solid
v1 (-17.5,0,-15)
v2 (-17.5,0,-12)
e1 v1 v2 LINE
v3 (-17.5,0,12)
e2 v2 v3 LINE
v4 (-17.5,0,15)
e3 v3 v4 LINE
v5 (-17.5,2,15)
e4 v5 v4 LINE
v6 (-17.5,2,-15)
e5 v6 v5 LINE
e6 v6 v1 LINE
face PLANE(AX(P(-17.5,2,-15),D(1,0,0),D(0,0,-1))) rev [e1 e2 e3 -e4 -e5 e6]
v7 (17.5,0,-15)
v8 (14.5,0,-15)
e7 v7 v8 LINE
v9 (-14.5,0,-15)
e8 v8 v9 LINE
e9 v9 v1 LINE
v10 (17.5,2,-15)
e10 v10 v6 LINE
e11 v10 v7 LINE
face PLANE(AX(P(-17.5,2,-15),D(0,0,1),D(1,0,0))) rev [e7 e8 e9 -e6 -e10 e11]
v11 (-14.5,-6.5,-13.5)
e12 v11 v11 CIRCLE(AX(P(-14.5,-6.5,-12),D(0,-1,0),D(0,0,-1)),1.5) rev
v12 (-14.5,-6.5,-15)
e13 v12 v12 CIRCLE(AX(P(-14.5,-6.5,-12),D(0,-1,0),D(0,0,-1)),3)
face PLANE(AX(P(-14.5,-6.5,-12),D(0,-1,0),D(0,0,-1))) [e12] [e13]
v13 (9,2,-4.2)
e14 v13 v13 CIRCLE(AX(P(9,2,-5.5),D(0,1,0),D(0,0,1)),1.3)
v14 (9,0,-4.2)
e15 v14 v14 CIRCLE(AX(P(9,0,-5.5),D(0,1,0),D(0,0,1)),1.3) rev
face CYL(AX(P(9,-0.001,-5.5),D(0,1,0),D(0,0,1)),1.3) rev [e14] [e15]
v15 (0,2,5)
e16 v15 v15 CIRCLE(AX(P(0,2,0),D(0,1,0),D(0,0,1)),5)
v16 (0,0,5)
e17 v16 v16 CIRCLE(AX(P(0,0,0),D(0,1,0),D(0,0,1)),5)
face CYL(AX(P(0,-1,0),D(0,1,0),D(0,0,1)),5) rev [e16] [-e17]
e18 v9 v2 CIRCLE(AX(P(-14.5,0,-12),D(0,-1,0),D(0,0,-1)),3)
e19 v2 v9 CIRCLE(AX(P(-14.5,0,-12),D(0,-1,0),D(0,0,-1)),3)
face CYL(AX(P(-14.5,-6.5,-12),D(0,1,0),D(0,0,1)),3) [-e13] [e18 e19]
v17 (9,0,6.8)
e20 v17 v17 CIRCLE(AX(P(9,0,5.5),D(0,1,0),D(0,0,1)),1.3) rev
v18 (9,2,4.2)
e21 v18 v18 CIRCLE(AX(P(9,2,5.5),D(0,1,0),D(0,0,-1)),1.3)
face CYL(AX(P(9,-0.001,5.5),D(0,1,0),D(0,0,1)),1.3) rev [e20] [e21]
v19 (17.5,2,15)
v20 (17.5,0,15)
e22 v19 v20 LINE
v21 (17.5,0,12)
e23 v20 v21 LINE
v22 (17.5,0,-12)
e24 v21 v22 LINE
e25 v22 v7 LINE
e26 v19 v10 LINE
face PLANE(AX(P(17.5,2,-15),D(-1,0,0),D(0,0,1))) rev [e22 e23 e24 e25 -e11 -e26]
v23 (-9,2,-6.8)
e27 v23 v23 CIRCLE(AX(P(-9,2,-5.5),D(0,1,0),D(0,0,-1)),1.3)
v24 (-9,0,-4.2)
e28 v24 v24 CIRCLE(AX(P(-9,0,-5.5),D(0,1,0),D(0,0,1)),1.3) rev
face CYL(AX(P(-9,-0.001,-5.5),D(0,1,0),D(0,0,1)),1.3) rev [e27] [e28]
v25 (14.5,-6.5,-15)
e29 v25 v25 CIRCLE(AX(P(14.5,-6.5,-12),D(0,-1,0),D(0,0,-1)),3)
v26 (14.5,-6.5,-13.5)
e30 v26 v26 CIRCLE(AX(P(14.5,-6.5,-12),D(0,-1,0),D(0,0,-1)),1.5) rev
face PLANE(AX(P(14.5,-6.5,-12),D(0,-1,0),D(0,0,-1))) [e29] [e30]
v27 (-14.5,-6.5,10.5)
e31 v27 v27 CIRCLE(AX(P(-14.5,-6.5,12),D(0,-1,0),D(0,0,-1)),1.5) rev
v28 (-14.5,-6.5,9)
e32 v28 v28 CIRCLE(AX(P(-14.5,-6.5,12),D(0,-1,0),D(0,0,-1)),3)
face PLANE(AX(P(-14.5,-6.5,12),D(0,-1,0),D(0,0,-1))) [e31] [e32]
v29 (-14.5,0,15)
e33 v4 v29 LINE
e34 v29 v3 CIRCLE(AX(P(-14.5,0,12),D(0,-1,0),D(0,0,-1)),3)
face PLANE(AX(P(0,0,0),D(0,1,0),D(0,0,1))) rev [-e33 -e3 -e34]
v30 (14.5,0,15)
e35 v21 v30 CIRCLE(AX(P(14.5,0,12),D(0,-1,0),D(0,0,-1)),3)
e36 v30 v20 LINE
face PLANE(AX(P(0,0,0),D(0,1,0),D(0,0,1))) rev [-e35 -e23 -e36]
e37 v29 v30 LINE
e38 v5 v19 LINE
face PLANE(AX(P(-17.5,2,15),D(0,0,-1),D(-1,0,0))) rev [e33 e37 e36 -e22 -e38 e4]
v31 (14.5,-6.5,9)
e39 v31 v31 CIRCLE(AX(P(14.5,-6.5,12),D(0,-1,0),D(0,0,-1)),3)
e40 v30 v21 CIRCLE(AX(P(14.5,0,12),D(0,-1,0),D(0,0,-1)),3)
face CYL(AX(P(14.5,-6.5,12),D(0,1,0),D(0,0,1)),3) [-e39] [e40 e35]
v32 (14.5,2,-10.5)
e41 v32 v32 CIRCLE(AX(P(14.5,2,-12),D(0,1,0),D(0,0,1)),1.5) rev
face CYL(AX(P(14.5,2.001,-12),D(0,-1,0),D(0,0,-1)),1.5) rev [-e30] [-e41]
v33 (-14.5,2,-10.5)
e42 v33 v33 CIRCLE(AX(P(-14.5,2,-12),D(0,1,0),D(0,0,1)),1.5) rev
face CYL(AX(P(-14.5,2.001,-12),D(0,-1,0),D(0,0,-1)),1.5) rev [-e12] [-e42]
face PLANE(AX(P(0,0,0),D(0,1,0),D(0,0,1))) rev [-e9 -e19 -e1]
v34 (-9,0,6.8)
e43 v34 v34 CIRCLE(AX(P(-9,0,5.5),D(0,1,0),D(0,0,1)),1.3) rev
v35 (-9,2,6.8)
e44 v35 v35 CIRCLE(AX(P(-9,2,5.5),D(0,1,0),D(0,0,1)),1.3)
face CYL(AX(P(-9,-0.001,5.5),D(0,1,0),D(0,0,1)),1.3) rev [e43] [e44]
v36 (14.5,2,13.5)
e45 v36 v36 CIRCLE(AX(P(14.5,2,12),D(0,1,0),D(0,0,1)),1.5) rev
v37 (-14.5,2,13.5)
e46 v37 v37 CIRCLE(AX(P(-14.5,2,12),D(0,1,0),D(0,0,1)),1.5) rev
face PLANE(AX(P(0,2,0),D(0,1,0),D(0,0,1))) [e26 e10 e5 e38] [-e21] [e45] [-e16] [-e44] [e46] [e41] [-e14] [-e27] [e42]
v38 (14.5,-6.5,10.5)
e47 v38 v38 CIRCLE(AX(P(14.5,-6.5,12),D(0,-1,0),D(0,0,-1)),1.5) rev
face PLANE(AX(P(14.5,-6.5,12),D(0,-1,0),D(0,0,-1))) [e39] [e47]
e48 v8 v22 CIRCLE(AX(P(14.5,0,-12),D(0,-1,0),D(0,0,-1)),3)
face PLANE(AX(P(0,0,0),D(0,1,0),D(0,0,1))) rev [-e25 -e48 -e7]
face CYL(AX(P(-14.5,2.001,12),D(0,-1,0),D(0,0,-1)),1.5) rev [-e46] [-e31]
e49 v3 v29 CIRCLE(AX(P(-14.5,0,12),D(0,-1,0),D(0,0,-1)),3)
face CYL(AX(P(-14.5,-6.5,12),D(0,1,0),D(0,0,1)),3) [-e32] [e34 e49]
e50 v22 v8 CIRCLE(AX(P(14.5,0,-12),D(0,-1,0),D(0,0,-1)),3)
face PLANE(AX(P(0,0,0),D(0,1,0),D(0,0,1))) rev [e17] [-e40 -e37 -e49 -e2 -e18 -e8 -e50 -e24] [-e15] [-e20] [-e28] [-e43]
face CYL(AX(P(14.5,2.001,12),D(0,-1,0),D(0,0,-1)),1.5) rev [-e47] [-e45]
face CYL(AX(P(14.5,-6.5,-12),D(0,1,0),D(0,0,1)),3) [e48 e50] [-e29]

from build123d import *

# Parameters (mm, degrees)
SKETCH1_W           = 35
SKETCH1_H           = 30
BOSS_EXTRUDE1_DEPTH = 2
CUT_EXTRUDE1_REACH  = 25.135
SKETCH2_R           = 1.3
CUT_EXTRUDE2_REACH  = 25.135
SKETCH3_R           = 1.5
SKETCH4_R           = 3
BOSS_EXTRUDE2_DEPTH = 6.5
CUT_EXTRUDE3_REACH  = 25.948
SKETCH5_R           = 1.5
SKETCH7_R           = 5
CUT_EXTRUDE4_DEPTH  = 3


with BuildPart() as part:
    # Sketch1 → Boss-Extrude1 (new body)
    with BuildSketch(Plane(origin=(0, 0, 0), x_dir=(1, 0, 0), z_dir=(0, 1, 0))):
        Rectangle(SKETCH1_W, SKETCH1_H)
    extrude(amount=BOSS_EXTRUDE1_DEPTH)

    # Sketch2 → Cut-Extrude1 (cut, up to next)
    with BuildSketch(Plane(origin=(0, 2, 0), x_dir=(1, 0, 0), z_dir=(0, 1, 0)), mode=Mode.PRIVATE) as cut_extrude1_sk1:
        with Locations(Location((9, 5.5, 0), (0, 0, 270))):
            Circle(SKETCH2_R)
    cut_extrude1_tool1 = extrude(cut_extrude1_sk1.sketch, amount=-CUT_EXTRUDE1_REACH, mode=Mode.PRIVATE) & part.part
    # Sketch2 → Cut-Extrude1 (cut, up to next)
    with BuildSketch(Plane(origin=(0, 2, 0), x_dir=(1, 0, 0), z_dir=(0, 1, 0)), mode=Mode.PRIVATE) as cut_extrude1_sk2:
        with Locations(Location((-9, 5.5, 0), (0, 0, 270))):
            Circle(SKETCH2_R)
    cut_extrude1_tool2 = extrude(cut_extrude1_sk2.sketch, amount=-CUT_EXTRUDE1_REACH, mode=Mode.PRIVATE) & part.part
    # Sketch2 → Cut-Extrude1 (cut, up to next)
    with BuildSketch(Plane(origin=(0, 2, 0), x_dir=(1, 0, 0), z_dir=(0, 1, 0)), mode=Mode.PRIVATE) as cut_extrude1_sk3:
        with Locations(Location((9, -5.5, 0), (0, 0, 270))):
            Circle(SKETCH2_R)
    cut_extrude1_tool3 = extrude(cut_extrude1_sk3.sketch, amount=-CUT_EXTRUDE1_REACH, mode=Mode.PRIVATE) & part.part
    # Sketch2 → Cut-Extrude1 (cut, up to next)
    with BuildSketch(Plane(origin=(0, 2, 0), x_dir=(1, 0, 0), z_dir=(0, 1, 0)), mode=Mode.PRIVATE) as cut_extrude1_sk4:
        with Locations(Location((-9, -5.5, 0), (0, 0, 270))):
            Circle(SKETCH2_R)
    cut_extrude1_tool4 = extrude(cut_extrude1_sk4.sketch, amount=-CUT_EXTRUDE1_REACH, mode=Mode.PRIVATE) & part.part
    add(cut_extrude1_tool1.solids().sort_by_distance((9, 2, -5.5))[0], mode=Mode.SUBTRACT)
    add(cut_extrude1_tool2.solids().sort_by_distance((-9, 2, -5.5))[0], mode=Mode.SUBTRACT)
    add(cut_extrude1_tool3.solids().sort_by_distance((9, 2, 5.5))[0], mode=Mode.SUBTRACT)
    add(cut_extrude1_tool4.solids().sort_by_distance((-9, 2, 5.5))[0], mode=Mode.SUBTRACT)

    # Sketch3 → Cut-Extrude2 (cut, up to next)
    with BuildSketch(Plane.XZ, mode=Mode.PRIVATE) as cut_extrude2_sk1:
        with Locations(Location((-14.5, 12, 0), (0, 0, 270))):
            Circle(SKETCH3_R)
    cut_extrude2_tool1 = extrude(cut_extrude2_sk1.sketch, amount=-CUT_EXTRUDE2_REACH, mode=Mode.PRIVATE) & part.part
    # Sketch3 → Cut-Extrude2 (cut, up to next)
    with BuildSketch(Plane.XZ, mode=Mode.PRIVATE) as cut_extrude2_sk2:
        with Locations(Location((14.5, 12, 0), (0, 0, 270))):
            Circle(SKETCH3_R)
    cut_extrude2_tool2 = extrude(cut_extrude2_sk2.sketch, amount=-CUT_EXTRUDE2_REACH, mode=Mode.PRIVATE) & part.part
    # Sketch3 → Cut-Extrude2 (cut, up to next)
    with BuildSketch(Plane.XZ, mode=Mode.PRIVATE) as cut_extrude2_sk3:
        with Locations(Location((14.5, -12, 0), (0, 0, 90))):
            Circle(SKETCH3_R)
    cut_extrude2_tool3 = extrude(cut_extrude2_sk3.sketch, amount=-CUT_EXTRUDE2_REACH, mode=Mode.PRIVATE) & part.part
    # Sketch3 → Cut-Extrude2 (cut, up to next)
    with BuildSketch(Plane.XZ, mode=Mode.PRIVATE) as cut_extrude2_sk4:
        with Locations(Location((-14.5, -12, 0), (0, 0, 90))):
            Circle(SKETCH3_R)
    cut_extrude2_tool4 = extrude(cut_extrude2_sk4.sketch, amount=-CUT_EXTRUDE2_REACH, mode=Mode.PRIVATE) & part.part
    add(cut_extrude2_tool1.solids().sort_by_distance((-14.5, 0, 12))[0], mode=Mode.SUBTRACT)
    add(cut_extrude2_tool2.solids().sort_by_distance((14.5, 0, 12))[0], mode=Mode.SUBTRACT)
    add(cut_extrude2_tool3.solids().sort_by_distance((14.5, 0, -12))[0], mode=Mode.SUBTRACT)
    add(cut_extrude2_tool4.solids().sort_by_distance((-14.5, 0, -12))[0], mode=Mode.SUBTRACT)

    # Sketch4 → Boss-Extrude2 (add)
    with BuildSketch(Plane.XZ):
        with Locations(Location((-14.5, 12, 0), (0, 0, 90))):
            Circle(SKETCH4_R)
        with Locations(Location((14.5, 12, 0), (0, 0, 90))):
            Circle(SKETCH4_R)
        with Locations(Location((-14.5, -12, 0), (0, 0, 270))):
            Circle(SKETCH4_R)
        with Locations(Location((14.5, -12, 0), (0, 0, 270))):
            Circle(SKETCH4_R)
    extrude(amount=BOSS_EXTRUDE2_DEPTH)

    # Sketch5 → Cut-Extrude3 (cut, up to next)
    with BuildSketch(Plane(origin=(0, 0, 0), x_dir=(1, 0, 0), z_dir=(0, 1, 0)), mode=Mode.PRIVATE) as cut_extrude3_sk1:
        with Locations(Location((-14.5, 12, 0), (0, 0, 90))):
            Circle(SKETCH5_R)
    cut_extrude3_tool1 = extrude(cut_extrude3_sk1.sketch, amount=-CUT_EXTRUDE3_REACH, mode=Mode.PRIVATE) & part.part
    # Sketch5 → Cut-Extrude3 (cut, up to next)
    with BuildSketch(Plane(origin=(0, 0, 0), x_dir=(1, 0, 0), z_dir=(0, 1, 0)), mode=Mode.PRIVATE) as cut_extrude3_sk2:
        with Locations(Location((14.5, 12, 0), (0, 0, 90))):
            Circle(SKETCH5_R)
    cut_extrude3_tool2 = extrude(cut_extrude3_sk2.sketch, amount=-CUT_EXTRUDE3_REACH, mode=Mode.PRIVATE) & part.part
    # Sketch5 → Cut-Extrude3 (cut, up to next)
    with BuildSketch(Plane(origin=(0, 0, 0), x_dir=(1, 0, 0), z_dir=(0, 1, 0)), mode=Mode.PRIVATE) as cut_extrude3_sk3:
        with Locations(Location((14.5, -12, 0), (0, 0, 90))):
            Circle(SKETCH5_R)
    cut_extrude3_tool3 = extrude(cut_extrude3_sk3.sketch, amount=-CUT_EXTRUDE3_REACH, mode=Mode.PRIVATE) & part.part
    # Sketch5 → Cut-Extrude3 (cut, up to next)
    with BuildSketch(Plane(origin=(0, 0, 0), x_dir=(1, 0, 0), z_dir=(0, 1, 0)), mode=Mode.PRIVATE) as cut_extrude3_sk4:
        with Locations(Location((-14.5, -12, 0), (0, 0, 90))):
            Circle(SKETCH5_R)
    cut_extrude3_tool4 = extrude(cut_extrude3_sk4.sketch, amount=-CUT_EXTRUDE3_REACH, mode=Mode.PRIVATE) & part.part
    add(cut_extrude3_tool1.solids().sort_by_distance((-14.5, 0, -12))[0], mode=Mode.SUBTRACT)
    add(cut_extrude3_tool2.solids().sort_by_distance((14.5, 0, -12))[0], mode=Mode.SUBTRACT)
    add(cut_extrude3_tool3.solids().sort_by_distance((14.5, 0, 12))[0], mode=Mode.SUBTRACT)
    add(cut_extrude3_tool4.solids().sort_by_distance((-14.5, 0, 12))[0], mode=Mode.SUBTRACT)

    # Sketch7 → Cut-Extrude4 (cut)
    with BuildSketch(Plane(origin=(0, 2, 0), x_dir=(1, 0, 0), z_dir=(0, 1, 0))):
        with Locations(Location((0, 0, 0), (0, 0, 270))):
            Circle(SKETCH7_R)
    extrude(amount=-CUT_EXTRUDE4_DEPTH, mode=Mode.SUBTRACT)


solid = part.part
